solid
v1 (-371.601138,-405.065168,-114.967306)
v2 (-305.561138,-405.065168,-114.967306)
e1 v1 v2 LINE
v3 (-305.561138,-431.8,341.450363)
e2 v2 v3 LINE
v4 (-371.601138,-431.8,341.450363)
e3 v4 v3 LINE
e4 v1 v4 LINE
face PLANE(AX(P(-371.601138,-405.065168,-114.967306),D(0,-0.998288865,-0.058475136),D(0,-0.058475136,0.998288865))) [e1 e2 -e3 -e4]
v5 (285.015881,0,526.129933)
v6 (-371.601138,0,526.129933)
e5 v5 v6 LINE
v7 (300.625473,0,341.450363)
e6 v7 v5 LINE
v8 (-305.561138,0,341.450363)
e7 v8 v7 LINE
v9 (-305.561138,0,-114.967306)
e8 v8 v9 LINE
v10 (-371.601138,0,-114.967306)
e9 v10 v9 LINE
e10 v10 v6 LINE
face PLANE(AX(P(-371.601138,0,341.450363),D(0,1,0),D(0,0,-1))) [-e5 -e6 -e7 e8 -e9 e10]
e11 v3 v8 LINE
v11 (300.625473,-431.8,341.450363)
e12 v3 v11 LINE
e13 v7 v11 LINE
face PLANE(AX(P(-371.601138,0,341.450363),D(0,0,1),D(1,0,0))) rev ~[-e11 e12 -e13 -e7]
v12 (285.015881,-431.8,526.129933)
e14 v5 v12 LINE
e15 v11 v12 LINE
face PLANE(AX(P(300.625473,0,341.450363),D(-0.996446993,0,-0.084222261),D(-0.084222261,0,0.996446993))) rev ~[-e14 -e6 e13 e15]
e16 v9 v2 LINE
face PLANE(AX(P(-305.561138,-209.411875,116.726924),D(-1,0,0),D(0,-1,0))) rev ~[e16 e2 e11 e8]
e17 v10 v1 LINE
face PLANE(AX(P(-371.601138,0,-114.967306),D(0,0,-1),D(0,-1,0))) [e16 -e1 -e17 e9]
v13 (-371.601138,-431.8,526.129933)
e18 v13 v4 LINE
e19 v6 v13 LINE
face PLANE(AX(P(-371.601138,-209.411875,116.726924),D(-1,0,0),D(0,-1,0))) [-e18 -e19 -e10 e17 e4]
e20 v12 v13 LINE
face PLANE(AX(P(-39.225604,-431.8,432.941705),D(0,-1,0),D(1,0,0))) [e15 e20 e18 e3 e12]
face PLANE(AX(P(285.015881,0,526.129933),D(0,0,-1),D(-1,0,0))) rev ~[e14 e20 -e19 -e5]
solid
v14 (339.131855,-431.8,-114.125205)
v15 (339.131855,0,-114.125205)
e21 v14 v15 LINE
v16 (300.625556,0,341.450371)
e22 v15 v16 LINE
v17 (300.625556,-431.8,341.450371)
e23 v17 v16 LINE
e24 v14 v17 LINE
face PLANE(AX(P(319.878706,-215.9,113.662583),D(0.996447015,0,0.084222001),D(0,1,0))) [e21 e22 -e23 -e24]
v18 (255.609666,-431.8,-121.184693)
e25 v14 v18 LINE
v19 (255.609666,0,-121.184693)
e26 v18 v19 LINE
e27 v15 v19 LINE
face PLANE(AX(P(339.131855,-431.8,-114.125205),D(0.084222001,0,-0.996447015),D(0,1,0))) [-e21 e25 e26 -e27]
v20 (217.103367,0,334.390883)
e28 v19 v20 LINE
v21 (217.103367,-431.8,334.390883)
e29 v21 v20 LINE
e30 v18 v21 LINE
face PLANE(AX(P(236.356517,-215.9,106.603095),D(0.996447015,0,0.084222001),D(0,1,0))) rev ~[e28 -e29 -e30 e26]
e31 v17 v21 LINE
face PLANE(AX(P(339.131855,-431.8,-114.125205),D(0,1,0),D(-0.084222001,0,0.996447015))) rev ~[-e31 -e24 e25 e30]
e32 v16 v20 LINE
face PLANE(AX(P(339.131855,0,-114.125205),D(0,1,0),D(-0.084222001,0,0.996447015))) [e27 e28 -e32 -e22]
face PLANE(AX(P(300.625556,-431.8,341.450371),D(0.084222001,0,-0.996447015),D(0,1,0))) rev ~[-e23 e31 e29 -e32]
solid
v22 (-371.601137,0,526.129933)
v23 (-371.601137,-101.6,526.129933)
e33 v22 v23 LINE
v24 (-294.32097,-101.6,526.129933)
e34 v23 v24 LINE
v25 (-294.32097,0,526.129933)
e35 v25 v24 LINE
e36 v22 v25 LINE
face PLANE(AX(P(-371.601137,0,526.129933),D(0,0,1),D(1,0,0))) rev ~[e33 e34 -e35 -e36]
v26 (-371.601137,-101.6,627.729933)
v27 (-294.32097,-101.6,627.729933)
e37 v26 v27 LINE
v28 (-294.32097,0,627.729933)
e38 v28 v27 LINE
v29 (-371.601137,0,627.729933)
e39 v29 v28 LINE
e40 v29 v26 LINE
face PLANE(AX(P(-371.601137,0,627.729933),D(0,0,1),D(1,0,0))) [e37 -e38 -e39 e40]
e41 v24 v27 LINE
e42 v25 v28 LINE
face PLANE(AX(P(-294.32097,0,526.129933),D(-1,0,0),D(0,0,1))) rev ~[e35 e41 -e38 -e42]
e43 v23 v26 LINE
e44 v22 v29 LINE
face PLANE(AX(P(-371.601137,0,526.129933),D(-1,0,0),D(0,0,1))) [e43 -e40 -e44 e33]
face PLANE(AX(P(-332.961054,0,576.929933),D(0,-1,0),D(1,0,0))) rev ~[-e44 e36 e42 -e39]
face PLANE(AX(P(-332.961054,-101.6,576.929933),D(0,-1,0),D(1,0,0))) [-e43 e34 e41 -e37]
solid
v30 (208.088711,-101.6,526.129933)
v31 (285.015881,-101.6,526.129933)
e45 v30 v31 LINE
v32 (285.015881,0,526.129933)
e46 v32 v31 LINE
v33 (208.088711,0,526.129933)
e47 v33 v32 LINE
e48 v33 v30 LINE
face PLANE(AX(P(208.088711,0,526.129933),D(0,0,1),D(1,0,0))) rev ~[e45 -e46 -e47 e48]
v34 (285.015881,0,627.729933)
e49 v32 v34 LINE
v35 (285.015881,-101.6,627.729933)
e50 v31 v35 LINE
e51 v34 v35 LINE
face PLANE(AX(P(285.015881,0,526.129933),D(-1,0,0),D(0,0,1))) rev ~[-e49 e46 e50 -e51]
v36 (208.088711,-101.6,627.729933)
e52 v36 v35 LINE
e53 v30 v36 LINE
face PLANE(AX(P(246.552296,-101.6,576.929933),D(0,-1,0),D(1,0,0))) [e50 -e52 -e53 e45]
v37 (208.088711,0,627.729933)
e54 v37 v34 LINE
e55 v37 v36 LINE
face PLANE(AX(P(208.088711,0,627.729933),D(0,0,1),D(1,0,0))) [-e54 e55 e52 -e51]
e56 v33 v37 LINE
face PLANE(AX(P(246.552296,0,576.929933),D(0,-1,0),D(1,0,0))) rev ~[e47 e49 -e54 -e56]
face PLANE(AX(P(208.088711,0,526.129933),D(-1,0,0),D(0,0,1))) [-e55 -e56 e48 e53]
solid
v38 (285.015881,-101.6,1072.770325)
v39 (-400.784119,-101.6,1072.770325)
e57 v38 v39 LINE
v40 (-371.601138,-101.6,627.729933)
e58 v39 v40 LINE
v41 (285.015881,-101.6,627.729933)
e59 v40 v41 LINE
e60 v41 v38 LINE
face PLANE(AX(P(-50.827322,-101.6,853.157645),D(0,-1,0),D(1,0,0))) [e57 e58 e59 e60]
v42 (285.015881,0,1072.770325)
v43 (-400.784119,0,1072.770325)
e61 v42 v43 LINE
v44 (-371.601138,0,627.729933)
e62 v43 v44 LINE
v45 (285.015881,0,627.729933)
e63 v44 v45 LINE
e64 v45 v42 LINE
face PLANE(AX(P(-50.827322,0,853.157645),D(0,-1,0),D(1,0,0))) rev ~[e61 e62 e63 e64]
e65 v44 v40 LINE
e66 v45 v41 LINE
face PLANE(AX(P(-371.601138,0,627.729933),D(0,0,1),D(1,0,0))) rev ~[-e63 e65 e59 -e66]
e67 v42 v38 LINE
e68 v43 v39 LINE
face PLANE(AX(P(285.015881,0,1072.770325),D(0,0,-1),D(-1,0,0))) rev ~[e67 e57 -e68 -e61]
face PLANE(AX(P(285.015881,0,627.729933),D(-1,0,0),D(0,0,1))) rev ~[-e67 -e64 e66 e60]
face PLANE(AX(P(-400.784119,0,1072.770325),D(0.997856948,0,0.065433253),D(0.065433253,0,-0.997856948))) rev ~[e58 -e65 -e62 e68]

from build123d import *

# Parameters (mm, degrees)
F1_DEPTH = 431.8
F0_W     = 77.280167
F0_H     = 101.6
F0_W_2   = 76.92717
F2_DEPTH = 101.6
F3_DEPTH = 101.6
F5_DEPTH = 66.04
F6_W     = 431.8
F6_H     = 457.2
F7_DEPTH = 83.82


with BuildPart() as f1:
    # F0 (on Front) → F1 (new body)
    with BuildSketch(Plane.XZ):
        Polygon((-294.320971, 526.129933), (-371.601138, 526.129933), (-371.601138, 341.450363), (300.625473, 341.450363), (285.015881, 526.129933), (208.088711, 526.129933), align=None)
    extrude(amount=F1_DEPTH)

    # F4 (on face) → F5 (join)
    with BuildSketch(Plane(origin=(-371.601138, 0, 0), x_dir=(0, -1, 0), z_dir=(-1, 0, 0))):
        Polygon((431.8, 341.450363), (0, 341.450363), (0, -114.967306), (405.065168, -114.967306), align=None)
    extrude(amount=-F5_DEPTH)


with BuildPart() as f2:
    # F0 (on Front) → F2 (new body)
    with BuildSketch(Plane.XZ):
        with Locations((-332.961054, 576.929933)):
            Rectangle(F0_W, F0_H)
        with Locations((246.552296, 576.929933)):
            Rectangle(F0_W_2, F0_H)
    extrude(amount=F2_DEPTH)


with BuildPart() as f3:
    # F0 (on Front) → F3 (new body)
    with BuildSketch(Plane.XZ):
        Polygon((-400.784119, 1072.770325), (-371.601138, 627.729933), (-294.320971, 627.729933), (208.088711, 627.729933), (285.015881, 627.729933), (285.015881, 1072.770325), align=None)
    extrude(amount=F3_DEPTH)


with BuildPart() as f7:
    # F6 (on face) → F7 (new body)
    with BuildSketch(Plane(origin=(327.148566, 0, 27.651439), x_dir=(0, 1, 0), z_dir=(0.996447, 0, 0.084222))):
        with Locations((-215.9, 86.31783)):
            Rectangle(F6_W, F6_H)
    extrude(amount=-F7_DEPTH)


solid = Compound([f1.part, f2.part, f3.part, f7.part])
